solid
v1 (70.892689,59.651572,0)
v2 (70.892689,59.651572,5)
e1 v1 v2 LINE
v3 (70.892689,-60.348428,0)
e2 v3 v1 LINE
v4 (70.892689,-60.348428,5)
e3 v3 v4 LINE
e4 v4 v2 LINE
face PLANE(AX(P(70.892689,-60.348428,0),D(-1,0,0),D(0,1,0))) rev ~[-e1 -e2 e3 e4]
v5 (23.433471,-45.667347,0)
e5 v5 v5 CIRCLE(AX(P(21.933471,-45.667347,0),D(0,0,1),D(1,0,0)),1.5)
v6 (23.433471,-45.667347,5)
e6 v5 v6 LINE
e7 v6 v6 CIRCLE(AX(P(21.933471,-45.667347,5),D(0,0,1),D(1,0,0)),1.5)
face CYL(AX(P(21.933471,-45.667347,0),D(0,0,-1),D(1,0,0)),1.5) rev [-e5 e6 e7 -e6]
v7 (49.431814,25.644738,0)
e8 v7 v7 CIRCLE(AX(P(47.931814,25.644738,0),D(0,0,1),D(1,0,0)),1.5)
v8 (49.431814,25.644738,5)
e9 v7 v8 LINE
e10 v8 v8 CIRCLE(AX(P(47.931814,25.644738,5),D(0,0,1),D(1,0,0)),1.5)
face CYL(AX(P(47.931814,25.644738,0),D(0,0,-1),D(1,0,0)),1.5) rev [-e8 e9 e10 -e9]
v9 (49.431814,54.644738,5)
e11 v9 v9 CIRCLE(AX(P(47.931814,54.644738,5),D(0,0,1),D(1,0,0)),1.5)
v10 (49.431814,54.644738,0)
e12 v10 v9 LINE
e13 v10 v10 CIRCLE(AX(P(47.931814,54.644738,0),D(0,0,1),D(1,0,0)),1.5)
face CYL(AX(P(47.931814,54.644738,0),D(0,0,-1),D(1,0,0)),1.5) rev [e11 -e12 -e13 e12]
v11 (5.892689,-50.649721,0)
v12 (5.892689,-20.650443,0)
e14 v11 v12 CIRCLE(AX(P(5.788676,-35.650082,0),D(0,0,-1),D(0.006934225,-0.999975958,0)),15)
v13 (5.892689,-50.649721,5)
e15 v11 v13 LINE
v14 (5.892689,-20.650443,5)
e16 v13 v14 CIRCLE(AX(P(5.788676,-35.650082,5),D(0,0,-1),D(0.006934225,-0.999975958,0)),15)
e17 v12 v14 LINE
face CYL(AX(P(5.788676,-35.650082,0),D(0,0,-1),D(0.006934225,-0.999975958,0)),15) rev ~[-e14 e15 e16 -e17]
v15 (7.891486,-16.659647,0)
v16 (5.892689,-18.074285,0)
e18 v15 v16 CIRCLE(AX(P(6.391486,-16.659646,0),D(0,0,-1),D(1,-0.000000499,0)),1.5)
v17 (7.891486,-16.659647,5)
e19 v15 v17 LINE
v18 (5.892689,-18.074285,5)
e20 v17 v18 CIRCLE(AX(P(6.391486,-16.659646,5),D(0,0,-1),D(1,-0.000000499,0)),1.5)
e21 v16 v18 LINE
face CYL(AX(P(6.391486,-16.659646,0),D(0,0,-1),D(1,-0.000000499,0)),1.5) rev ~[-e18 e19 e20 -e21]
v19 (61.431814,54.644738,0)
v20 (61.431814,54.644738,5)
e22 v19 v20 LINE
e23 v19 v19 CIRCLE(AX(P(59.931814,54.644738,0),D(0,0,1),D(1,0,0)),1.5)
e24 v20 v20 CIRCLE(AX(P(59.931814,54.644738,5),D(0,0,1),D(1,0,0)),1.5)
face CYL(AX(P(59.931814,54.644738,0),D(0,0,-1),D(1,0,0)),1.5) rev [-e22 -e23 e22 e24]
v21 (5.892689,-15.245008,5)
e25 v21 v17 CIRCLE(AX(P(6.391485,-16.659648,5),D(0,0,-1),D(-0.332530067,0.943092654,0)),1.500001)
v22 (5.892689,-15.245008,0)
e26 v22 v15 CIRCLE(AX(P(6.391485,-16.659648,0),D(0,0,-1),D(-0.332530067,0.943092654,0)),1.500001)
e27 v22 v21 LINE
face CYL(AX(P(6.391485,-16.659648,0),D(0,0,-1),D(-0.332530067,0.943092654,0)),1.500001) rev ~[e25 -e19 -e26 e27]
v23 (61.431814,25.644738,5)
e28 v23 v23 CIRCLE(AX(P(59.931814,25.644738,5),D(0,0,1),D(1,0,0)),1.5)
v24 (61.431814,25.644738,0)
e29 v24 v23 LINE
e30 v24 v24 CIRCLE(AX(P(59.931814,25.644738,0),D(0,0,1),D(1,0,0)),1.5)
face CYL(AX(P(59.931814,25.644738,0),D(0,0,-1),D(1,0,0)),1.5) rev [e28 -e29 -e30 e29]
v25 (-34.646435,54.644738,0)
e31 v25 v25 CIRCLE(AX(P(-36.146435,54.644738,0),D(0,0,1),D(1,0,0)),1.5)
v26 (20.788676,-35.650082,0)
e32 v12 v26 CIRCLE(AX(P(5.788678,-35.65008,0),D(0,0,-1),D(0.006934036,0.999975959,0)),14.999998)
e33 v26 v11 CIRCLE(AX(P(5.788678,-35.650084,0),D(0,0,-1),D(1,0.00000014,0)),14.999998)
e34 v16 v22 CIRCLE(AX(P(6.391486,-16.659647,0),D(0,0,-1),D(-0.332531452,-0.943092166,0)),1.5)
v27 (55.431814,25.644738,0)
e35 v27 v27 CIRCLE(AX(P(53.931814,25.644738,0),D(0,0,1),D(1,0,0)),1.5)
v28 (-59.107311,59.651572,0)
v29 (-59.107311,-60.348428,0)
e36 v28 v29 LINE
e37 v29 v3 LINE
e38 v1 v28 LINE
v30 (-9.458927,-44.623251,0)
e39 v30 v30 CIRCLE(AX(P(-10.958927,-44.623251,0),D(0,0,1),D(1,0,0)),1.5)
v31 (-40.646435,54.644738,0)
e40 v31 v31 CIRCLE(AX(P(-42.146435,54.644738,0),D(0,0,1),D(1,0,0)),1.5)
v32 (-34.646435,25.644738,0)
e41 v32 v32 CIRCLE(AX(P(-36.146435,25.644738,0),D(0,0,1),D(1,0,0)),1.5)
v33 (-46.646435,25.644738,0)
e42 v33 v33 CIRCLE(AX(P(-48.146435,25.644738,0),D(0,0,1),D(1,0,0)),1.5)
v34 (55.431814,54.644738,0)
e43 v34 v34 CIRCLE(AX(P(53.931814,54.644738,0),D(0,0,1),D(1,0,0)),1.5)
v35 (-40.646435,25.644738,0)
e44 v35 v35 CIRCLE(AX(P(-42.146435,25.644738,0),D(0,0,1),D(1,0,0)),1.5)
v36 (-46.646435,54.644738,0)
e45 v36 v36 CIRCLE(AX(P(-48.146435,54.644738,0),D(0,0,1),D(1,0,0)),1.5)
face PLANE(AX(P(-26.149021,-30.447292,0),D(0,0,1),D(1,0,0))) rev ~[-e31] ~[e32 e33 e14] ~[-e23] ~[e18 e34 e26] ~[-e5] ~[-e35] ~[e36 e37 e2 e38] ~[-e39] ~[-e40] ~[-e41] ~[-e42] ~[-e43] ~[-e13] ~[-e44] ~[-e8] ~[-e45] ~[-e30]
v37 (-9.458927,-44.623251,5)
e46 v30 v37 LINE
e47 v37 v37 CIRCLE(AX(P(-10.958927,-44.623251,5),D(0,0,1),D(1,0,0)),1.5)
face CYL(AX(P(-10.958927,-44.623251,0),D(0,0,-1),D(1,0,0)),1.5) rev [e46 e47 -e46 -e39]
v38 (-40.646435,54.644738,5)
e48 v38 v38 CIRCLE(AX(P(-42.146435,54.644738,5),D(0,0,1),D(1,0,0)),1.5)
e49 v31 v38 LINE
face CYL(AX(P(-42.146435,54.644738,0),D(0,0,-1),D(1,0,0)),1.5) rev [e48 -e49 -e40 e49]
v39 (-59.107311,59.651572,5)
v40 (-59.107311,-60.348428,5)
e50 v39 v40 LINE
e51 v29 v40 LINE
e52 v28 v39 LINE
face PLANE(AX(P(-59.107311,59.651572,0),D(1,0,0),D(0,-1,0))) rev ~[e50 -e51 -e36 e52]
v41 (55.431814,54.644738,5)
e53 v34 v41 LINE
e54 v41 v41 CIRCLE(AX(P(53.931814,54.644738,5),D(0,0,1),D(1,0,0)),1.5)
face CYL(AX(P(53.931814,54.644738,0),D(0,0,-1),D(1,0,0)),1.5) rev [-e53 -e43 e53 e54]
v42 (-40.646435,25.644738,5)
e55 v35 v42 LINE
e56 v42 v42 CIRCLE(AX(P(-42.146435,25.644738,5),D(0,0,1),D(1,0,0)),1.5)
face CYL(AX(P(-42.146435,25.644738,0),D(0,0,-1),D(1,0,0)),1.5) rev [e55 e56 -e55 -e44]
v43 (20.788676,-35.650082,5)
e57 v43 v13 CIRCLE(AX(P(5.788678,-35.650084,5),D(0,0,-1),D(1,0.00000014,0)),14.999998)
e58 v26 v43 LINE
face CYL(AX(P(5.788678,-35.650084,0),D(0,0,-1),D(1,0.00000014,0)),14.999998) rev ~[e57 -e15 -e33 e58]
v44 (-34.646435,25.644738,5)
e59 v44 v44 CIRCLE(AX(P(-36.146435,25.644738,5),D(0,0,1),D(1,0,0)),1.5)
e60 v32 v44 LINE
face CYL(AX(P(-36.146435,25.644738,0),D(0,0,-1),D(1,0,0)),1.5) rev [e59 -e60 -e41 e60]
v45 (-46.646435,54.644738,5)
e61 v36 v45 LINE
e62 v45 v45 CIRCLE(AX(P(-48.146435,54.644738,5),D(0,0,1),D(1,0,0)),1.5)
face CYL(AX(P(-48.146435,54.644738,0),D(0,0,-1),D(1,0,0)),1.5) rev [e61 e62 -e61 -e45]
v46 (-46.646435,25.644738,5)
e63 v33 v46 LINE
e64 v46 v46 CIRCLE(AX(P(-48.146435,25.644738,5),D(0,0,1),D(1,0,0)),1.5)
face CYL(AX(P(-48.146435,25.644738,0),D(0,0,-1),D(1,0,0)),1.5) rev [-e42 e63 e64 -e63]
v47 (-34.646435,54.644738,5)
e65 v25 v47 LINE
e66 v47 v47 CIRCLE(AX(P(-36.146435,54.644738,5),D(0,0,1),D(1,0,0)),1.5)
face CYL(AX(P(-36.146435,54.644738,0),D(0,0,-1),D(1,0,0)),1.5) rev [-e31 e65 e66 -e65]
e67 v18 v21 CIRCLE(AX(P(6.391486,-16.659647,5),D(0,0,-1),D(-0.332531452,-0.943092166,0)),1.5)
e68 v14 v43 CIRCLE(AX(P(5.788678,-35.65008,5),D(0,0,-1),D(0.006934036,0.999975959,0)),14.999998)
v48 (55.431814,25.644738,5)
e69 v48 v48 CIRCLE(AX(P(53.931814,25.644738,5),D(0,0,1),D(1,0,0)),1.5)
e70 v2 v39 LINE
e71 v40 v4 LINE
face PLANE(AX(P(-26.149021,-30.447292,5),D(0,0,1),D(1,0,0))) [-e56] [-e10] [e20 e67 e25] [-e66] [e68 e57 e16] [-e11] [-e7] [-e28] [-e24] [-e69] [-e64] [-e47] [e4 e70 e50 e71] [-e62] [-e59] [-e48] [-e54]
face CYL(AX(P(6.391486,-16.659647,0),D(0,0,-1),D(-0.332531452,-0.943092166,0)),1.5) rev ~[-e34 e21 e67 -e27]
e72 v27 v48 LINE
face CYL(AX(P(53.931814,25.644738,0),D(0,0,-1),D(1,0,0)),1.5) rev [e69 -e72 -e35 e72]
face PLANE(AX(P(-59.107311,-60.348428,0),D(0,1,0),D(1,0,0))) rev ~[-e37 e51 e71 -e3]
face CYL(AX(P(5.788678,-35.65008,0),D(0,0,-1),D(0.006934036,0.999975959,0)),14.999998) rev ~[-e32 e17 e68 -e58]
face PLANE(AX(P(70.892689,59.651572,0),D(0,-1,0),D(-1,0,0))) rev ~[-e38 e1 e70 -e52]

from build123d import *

# Parameters (mm, degrees)
F0_R     = 1.5
F0_W     = 65
F0_H     = 59.651572
F1_DEPTH = 5


with BuildPart() as f1:
    # F0 (on Top) → F1 (new body)
    with BuildSketch(Plane.XY):
        with BuildLine():
            Line((5.892689, 0), (-59.107311, 0))
            Line((-59.107311, 0), (-59.107311, -60.348428))
            Line((-59.107311, -60.348428), (5.892689, -60.348428))
            Line((5.892689, -60.348428), (5.892689, -50.649721))
            ThreePointArc((5.892689, -50.649721), (-9.211324, -35.650082), (5.892689, -20.650443))
            Line((5.892689, -20.650443), (5.892689, -18.074285))
            ThreePointArc((5.892689, -18.074285), (4.891486, -16.659647), (5.892689, -15.245008))
            Line((5.892689, -15.245008), (5.892689, 0))
        make_face()
        with Locations((-10.958927, -44.623251)):
            Circle(F0_R, mode=Mode.SUBTRACT)
        with Locations((-26.607311, 29.825786)):
            Rectangle(F0_W, F0_H)
        with Locations((-48.146435, 25.644738)):
            Circle(F0_R, mode=Mode.SUBTRACT)
        with Locations((-42.146435, 25.644738)):
            Circle(F0_R, mode=Mode.SUBTRACT)
        with Locations((-36.146435, 25.644738)):
            Circle(F0_R, mode=Mode.SUBTRACT)
        with Locations((-48.146435, 54.644738)):
            Circle(F0_R, mode=Mode.SUBTRACT)
        with Locations((-42.146435, 54.644738)):
            Circle(F0_R, mode=Mode.SUBTRACT)
        with Locations((-36.146435, 54.644738)):
            Circle(F0_R, mode=Mode.SUBTRACT)
        with Locations((38.392689, 29.825786)):
            Rectangle(F0_W, F0_H)
        with Locations((47.931814, 25.644738)):
            Circle(F0_R, mode=Mode.SUBTRACT)
        with Locations((53.931814, 25.644738)):
            Circle(F0_R, mode=Mode.SUBTRACT)
        with Locations((59.931814, 25.644738)):
            Circle(F0_R, mode=Mode.SUBTRACT)
        with Locations((47.931814, 54.644738)):
            Circle(F0_R, mode=Mode.SUBTRACT)
        with Locations((53.931814, 54.644738)):
            Circle(F0_R, mode=Mode.SUBTRACT)
        with Locations((59.931814, 54.644738)):
            Circle(F0_R, mode=Mode.SUBTRACT)
        with BuildLine():
            Line((70.892689, 0), (5.892689, 0))
            Line((5.892689, 0), (5.892689, -15.245008))
            ThreePointArc((5.892689, -15.245008), (7.258032, -15.435271), (7.891486, -16.659647))
            ThreePointArc((7.891486, -16.659647), (7.258032, -17.884023), (5.892689, -18.074285))
            Line((5.892689, -18.074285), (5.892689, -20.650443))
            ThreePointArc((5.892689, -20.650443), (16.431989, -25.080318), (20.788676, -35.650082))
            ThreePointArc((20.788676, -35.650082), (16.431989, -46.219846), (5.892689, -50.649721))
            Line((5.892689, -50.649721), (5.892689, -60.348428))
            Line((5.892689, -60.348428), (70.892689, -60.348428))
            Line((70.892689, -60.348428), (70.892689, 0))
        make_face()
        with Locations((21.933471, -45.667347)):
            Circle(F0_R, mode=Mode.SUBTRACT)
    extrude(amount=F1_DEPTH)


solid = f1.part
